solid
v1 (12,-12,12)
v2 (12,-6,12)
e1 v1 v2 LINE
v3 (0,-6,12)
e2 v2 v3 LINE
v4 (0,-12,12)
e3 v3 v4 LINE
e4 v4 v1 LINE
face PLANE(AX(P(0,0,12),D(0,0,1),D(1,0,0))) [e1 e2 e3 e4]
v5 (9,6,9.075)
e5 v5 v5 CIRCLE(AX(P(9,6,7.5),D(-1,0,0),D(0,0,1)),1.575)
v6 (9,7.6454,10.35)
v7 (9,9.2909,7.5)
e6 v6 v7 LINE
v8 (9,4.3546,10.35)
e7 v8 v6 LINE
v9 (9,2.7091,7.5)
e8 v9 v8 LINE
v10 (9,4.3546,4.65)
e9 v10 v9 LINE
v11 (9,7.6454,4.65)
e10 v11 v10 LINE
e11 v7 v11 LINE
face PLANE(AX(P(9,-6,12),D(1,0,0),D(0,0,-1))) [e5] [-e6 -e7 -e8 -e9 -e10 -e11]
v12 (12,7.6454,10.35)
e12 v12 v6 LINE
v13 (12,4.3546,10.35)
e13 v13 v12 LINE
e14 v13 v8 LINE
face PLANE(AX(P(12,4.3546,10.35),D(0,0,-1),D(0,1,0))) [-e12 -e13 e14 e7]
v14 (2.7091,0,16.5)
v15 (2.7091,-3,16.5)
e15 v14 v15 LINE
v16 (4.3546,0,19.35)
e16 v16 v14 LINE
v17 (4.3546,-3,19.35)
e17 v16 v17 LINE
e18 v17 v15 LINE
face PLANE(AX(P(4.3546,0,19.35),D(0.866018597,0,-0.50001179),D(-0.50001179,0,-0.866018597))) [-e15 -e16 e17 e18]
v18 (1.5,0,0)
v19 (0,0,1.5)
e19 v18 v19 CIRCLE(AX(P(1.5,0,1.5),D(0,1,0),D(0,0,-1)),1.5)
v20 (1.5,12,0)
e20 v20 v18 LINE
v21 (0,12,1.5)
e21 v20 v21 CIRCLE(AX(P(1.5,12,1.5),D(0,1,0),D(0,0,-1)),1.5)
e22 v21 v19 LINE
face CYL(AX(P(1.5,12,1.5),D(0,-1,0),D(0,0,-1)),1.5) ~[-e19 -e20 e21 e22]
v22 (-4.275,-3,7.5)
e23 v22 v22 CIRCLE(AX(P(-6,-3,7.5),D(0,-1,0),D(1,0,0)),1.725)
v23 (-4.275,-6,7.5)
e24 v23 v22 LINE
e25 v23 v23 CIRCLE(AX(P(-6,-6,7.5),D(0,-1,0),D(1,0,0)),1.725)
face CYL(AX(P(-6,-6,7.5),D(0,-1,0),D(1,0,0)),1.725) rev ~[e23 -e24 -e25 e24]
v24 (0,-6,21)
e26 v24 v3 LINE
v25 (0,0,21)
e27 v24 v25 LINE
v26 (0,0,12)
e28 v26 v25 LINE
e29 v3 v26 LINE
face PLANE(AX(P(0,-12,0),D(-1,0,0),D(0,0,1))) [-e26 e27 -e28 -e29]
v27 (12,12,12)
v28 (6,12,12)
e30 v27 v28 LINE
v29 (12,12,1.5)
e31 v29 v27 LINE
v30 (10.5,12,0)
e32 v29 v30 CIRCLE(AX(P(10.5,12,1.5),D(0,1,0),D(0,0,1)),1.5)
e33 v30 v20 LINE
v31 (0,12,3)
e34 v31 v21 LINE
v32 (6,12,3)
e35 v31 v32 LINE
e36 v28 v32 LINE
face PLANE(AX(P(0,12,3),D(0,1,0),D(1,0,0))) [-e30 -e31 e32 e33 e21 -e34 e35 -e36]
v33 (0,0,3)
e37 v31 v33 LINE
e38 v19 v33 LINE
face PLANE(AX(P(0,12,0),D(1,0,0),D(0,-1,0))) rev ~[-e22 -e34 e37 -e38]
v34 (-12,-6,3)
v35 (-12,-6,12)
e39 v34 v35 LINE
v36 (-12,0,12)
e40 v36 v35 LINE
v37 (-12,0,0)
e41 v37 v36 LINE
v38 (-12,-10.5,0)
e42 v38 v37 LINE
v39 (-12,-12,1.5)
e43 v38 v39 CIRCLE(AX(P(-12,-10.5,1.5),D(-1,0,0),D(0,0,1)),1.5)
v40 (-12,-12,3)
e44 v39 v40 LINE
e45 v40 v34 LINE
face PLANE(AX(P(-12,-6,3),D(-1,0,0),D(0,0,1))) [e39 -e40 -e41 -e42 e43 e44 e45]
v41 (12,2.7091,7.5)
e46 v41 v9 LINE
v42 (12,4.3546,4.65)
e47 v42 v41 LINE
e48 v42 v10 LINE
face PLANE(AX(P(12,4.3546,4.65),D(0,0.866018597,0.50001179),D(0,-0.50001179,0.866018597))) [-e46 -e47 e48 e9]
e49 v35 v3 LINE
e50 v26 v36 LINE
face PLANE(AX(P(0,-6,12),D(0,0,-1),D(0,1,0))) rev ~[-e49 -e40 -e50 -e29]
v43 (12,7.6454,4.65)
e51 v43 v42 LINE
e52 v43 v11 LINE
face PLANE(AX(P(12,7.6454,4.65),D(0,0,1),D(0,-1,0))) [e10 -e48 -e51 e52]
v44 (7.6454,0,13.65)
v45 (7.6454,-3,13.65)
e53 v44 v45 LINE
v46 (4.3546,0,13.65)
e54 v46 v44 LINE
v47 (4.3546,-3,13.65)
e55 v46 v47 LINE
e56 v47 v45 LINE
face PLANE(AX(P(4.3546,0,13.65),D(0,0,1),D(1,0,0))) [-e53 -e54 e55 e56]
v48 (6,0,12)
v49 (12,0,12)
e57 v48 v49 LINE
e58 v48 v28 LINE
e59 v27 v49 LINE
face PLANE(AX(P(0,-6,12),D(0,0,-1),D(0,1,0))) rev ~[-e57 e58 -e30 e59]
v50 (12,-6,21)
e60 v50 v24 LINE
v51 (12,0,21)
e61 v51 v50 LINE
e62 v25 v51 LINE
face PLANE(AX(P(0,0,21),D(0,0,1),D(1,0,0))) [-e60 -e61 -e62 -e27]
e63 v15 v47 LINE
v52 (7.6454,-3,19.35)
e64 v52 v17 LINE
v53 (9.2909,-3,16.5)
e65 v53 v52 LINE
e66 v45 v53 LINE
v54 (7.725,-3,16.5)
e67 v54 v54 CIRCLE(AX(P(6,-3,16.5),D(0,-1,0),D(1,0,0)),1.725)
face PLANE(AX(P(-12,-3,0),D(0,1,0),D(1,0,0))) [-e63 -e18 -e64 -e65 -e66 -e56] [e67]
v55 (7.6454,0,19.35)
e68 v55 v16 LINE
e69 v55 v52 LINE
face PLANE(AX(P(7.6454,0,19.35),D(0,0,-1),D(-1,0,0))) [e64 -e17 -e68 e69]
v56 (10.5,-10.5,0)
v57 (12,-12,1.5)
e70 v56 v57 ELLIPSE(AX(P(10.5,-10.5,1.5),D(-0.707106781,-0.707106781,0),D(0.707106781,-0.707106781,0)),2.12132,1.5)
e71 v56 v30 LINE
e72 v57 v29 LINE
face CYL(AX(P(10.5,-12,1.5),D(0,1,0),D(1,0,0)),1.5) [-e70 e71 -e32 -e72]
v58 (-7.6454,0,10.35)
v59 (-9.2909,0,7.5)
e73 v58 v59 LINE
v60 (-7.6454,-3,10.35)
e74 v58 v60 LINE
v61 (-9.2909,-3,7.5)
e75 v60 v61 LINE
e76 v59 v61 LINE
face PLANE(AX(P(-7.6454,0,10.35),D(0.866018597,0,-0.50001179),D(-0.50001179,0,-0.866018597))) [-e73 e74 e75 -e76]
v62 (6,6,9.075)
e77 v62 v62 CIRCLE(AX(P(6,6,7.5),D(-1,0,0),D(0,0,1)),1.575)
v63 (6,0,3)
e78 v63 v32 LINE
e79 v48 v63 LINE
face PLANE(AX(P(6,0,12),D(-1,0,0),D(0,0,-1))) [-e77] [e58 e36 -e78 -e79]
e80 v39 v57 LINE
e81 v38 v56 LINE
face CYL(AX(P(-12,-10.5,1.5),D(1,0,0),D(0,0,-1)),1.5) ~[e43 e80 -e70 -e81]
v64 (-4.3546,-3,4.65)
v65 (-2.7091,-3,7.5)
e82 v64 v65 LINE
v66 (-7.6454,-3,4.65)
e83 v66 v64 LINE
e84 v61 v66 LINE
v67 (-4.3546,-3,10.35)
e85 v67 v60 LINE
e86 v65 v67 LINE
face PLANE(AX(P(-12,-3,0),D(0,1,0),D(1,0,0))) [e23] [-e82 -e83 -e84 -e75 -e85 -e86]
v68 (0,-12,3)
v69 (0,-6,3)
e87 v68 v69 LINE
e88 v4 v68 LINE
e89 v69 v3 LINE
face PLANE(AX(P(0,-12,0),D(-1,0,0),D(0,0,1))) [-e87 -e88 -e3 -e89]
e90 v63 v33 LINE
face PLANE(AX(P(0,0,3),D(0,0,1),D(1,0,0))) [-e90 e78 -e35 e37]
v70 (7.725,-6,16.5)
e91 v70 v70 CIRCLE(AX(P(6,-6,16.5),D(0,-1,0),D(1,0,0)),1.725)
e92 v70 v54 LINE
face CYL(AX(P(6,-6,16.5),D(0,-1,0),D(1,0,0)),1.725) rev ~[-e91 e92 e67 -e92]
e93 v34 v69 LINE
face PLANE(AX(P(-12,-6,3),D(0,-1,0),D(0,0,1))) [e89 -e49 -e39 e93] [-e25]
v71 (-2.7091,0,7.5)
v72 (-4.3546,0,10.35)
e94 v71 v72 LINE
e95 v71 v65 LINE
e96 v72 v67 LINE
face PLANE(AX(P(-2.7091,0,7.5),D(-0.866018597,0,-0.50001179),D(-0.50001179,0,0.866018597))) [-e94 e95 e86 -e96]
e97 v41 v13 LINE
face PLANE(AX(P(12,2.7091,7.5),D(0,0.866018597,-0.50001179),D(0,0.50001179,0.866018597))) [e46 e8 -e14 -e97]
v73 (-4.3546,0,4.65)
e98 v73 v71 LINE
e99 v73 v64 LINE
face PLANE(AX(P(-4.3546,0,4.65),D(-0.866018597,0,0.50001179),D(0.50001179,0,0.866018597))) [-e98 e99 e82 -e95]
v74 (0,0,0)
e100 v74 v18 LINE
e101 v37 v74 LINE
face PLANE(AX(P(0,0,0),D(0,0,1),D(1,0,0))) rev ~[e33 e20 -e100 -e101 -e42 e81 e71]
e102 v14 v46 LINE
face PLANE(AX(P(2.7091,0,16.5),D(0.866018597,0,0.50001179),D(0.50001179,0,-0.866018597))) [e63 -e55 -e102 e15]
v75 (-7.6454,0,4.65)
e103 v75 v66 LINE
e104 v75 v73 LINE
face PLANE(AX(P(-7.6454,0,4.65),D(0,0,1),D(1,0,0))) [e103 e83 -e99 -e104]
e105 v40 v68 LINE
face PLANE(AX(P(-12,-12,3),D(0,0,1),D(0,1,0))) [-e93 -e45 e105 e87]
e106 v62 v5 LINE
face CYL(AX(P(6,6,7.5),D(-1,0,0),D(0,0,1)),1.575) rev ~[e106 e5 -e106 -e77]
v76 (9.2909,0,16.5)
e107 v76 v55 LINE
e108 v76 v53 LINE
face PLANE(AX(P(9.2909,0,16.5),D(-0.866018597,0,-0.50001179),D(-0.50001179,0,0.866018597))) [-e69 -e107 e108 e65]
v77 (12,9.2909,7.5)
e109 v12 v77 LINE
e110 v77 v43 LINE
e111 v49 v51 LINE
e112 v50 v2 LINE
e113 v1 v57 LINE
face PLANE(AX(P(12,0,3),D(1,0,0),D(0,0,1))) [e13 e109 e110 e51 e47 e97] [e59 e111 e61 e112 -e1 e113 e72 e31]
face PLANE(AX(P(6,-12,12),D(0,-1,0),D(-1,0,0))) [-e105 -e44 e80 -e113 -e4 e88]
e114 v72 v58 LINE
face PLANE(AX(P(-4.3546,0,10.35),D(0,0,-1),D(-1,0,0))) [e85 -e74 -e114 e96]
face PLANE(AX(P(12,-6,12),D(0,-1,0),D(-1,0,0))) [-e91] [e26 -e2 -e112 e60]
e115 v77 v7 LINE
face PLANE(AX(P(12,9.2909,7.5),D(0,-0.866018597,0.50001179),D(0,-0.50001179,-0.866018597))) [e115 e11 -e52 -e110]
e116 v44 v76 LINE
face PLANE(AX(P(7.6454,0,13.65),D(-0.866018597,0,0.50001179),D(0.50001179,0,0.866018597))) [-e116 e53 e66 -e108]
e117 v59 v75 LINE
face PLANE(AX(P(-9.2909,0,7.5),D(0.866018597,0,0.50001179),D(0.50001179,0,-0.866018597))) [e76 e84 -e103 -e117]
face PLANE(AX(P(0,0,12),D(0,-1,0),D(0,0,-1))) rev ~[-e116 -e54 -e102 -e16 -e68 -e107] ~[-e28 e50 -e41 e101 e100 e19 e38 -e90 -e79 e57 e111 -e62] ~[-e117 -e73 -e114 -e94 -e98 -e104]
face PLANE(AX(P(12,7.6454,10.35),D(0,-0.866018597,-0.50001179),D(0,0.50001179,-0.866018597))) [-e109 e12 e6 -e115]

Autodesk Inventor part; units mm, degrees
ref_plane "YZ Plane" through (0, 0, 0) normal (1, 0, 0) x (0, 1, 0)
ref_plane "XZ Plane" through (0, 0, 0) normal (0, 1, 0) x (-1, 0, 0)
ref_plane "XY Plane" through (0, 0, 0) normal (0, 0, 1) x (1, 0, 0)
sketch "Sketch1" plane through (0, 0, 0) normal (0, 0, 1) x (1, 0, 0)
  line L0 (0, 0) -> (12, 0)
  line L1 (12, 0) -> (12, 12)
  line L2 (12, 12) -> (0, 12)
  line L3 (0, 12) -> (0, 0)
  line L4 (12, 0) -> (0, 0)
  line L5 (0, 0) -> (0, -12)
  line L6 (0, -12) -> (12, -12)
  line L7 (12, -12) -> (12, 0)
  line L8 (12, 0) -> (24, 0)
  line L9 (24, 0) -> (24, -12)
  line L10 (24, -12) -> (12, -12)
  line L11 (12, -12) -> (12, 0)
  line L12 (0, -12) -> (-12, -12)
  line L13 (-12, -12) -> (-12, 0)
  line L14 (-12, 0) -> (0, 0)
  line L15 (0, 0) -> (0, -12)
  line L16 (0, -12) -> (12, -12)
  line L17 (12, -12) -> (12, -24)
  line L18 (12, -24) -> (0, -24)
  line L19 (0, -24) -> (0, -12)
  dimension "d0" = 12
  dimension "d1" = 12
  dimension "d2" = 12
  dimension "d3" = 12
  dimension "d4" = 12
  dimension "d5" = 12
  dimension "d6" = 12
  dimension "d7" = 12
  dimension "d8" = 12
  dimension "d9" = 12
extrude "Extrusion1" add sketch "Sketch1" along normal blind 3
sketch "Sketch2" plane through (0, 0, 3) normal (0, 0, 1) x (1, 0, 0)
  line L0 (-12, 0) -> (-12, -12) projected
  line L1 (-12, -12) -> (-12, -6)
  line L2 (-12, -6) -> (0, -6)
  line L3 (-12, -12) -> (0, -12) projected
  line L4 (0, -6) -> (0, -12)
  line L5 (0, -12) -> (-12, -12)
  line L6 (12, -24) -> (12, -12) projected
  line L7 (12, -12) -> (12, -6)
  line L8 (12, -6) -> (24, -6)
  line L9 (24, -12) -> (24, 0) projected
  line L10 (12, -12) -> (24, -12) projected
  line L11 (24, -6) -> (24, -12)
  line L12 (24, -12) -> (12, -12)
  line L13 (0, 0) -> (0, -6)
  line L14 (12, 0) -> (12, 12) projected
  line L15 (0, 0) -> (12, 0)
  line L16 (12, 0) -> (12, -6)
  line L17 (12, -12) -> (0, -12)
  line L18 (0, 12) -> (0, 0) projected
  line L19 (0, 0) -> (0, 12)
  line L20 (0, 12) -> (6, 12)
  line L21 (12, 12) -> (0, 12) projected
  line L22 (6, 12) -> (6, 0)
  line L23 (6, 0) -> (0, 0)
  line L24 (0, -12) -> (0, -24) projected
  line L25 (0, -12) -> (0, -24)
  line L26 (0, -24) -> (6, -24)
  line L27 (0, -24) -> (12, -24) projected
  line L28 (6, -24) -> (6, -12)
  line L29 (6, -12) -> (0, -12)
  dimension "d12" = 6
  dimension "d13" = 12
extrude "Extrusion2" add sketch "Sketch2" along normal blind 9 contours L2 L4 L3 L0 | L13 L15 L16 L7 L17 L4 | L17 L28 L26 L24 | L18 L20 L22 L15 | L7 L8 L9 L10
sketch "Sketch3" plane through (0, 0, 12) normal (0, 0, 1) x (1, 0, 0)
  line L0 (0, -6) -> (12, -6)
  line L1 (12, -12) -> (6, -12) projected
  line L2 (12, -6) -> (12, -12)
  line L3 (0, -12) -> (0, -24) projected
  line L4 (12, -12) -> (0, -12)
  line L5 (0, -12) -> (0, -6)
  point P0 (0, 0)
extrude "Extrusion3" add sketch "Sketch3" along normal blind 9
sketch "Sketch4" plane through (6, -12, 3) normal (0, -1, 0) x (1, 0, 0)
  point P0 (-6, -3)
sketch "Sketch5" plane through (-12, -6, 3) normal (0, 1, 0) x (1, 0, 0)
  circle A0 centre (6, -4.5) radius 1.725
  line L0 (0, 0) -> (0, -9) projected
  line L1 (12, -9) -> (0, -9) projected
  circle A1 centre (18, -13.5) radius 1.725
  line L2 (24, -18) -> (12, -18) projected
  line L3 (24, -9) -> (24, -18) projected
  circle A2 centre (30, -4.5) radius 1.725
  line L4 (36, 0) -> (36, -9) projected
  line L5 (36, -9) -> (24, -9) projected
  point P0 (12, 3)
  dimension "d19" = 3.45
  dimension "d20" = 6
  dimension "d21" = 4.5
  dimension "d22" = 3.45
  dimension "d23" = 4.5
  dimension "d24" = 6
  dimension "d25" = 3.45
  dimension "d26" = 6
  dimension "d27" = 4.5
extrude "Extrusion4" cut sketch "Sketch5" against normal blind 3
sketch "Sketch6" plane through (6, -12, 3) normal (0, -1, 0) x (1, 0, 0)
  circle A0 centre (-12, 4.5) radius 1.725 projected
  line L0 (-10.3546, 7.35) -> (-8.7091, 4.5)
  line L1 (-8.7091, 4.5) -> (-10.3546, 1.65)
  line L2 (-10.3546, 1.65) -> (-13.6454, 1.65)
  line L3 (-13.6454, 1.65) -> (-15.2909, 4.5)
  line L4 (-15.2909, 4.5) -> (-13.6454, 7.35)
  line L5 (-13.6454, 7.35) -> (-10.3546, 7.35)
  circle A1 centre (12, 4.5) radius 1.725 projected
  line L6 (13.6454, 7.35) -> (15.2909, 4.5)
  line L7 (15.2909, 4.5) -> (13.6454, 1.65)
  line L8 (13.6454, 1.65) -> (10.3546, 1.65)
  line L9 (10.3546, 1.65) -> (8.7091, 4.5)
  line L10 (8.7091, 4.5) -> (10.3546, 7.35)
  line L11 (10.3546, 7.35) -> (13.6454, 7.35)
  circle A2 centre (0, 13.5) radius 1.725 projected
  line L12 (1.6454, 16.35) -> (3.2909, 13.5)
  line L13 (3.2909, 13.5) -> (1.6454, 10.65)
  line L14 (1.6454, 10.65) -> (-1.6454, 10.65)
  line L15 (-1.6454, 10.65) -> (-3.2909, 13.5)
  line L16 (-3.2909, 13.5) -> (-1.6454, 16.35)
  line L17 (-1.6454, 16.35) -> (1.6454, 16.35)
  point P0 (-6, -3)
  dimension "d30" = 2.85
  dimension "d31" = 2.85
  dimension "d32" = 2.85
extrude "Extrusion5" cut sketch "Sketch6" against normal blind 3 contours A0 | L0 L1 L2 L3 L4 L5 | A1 | L6 L7 L8 L9 L10 L11 | A2 | L12 L13 L14 L15 L16 L17
sketch "Sketch7" plane through (6, 0, 3) normal (1, 0, 0) x (0, 0, -1)
  circle A0 centre (-4.5, 6) radius 1.725
  circle A1 centre (-4.5, -18) radius 1.725
  line L0 (-9, 0) -> (-9, 12) projected
  line L1 (-9, -24) -> (-9, -12) projected
  line L2 (0, -24) -> (-9, -24) projected
  line L3 (0, 12) -> (-9, 12) projected
  point P0 (3, 0)
  dimension "d35" = 3.45
  dimension "d36" = 3.45
  dimension "d37" = 4.5
  dimension "d38" = 4.5
  dimension "d39" = 6
  dimension "d40" = 6
extrude "Extrusion6" cut sketch "Sketch7" against normal blind 3
sketch "Sketch8" plane through (0, -6, 3) normal (-1, 0, 0) x (0, 0, 1)
  circle A0 centre (4.5, 12) radius 1.725 projected
  line L0 (1.65, 13.6454) -> (4.5, 15.2909)
  line L1 (4.5, 15.2909) -> (7.35, 13.6454)
  line L2 (7.35, 13.6454) -> (7.35, 10.3546)
  line L3 (7.35, 10.3546) -> (4.5, 8.7091)
  line L4 (4.5, 8.7091) -> (1.65, 10.3546)
  line L5 (1.65, 10.3546) -> (1.65, 13.6454)
  circle A1 centre (4.5, -12) radius 1.725 projected
  line L6 (1.65, -10.3546) -> (4.5, -8.7091)
  line L7 (4.5, -8.7091) -> (7.35, -10.3546)
  line L8 (7.35, -10.3546) -> (7.35, -13.6454)
  line L9 (7.35, -13.6454) -> (4.5, -15.2909)
  line L10 (4.5, -15.2909) -> (1.65, -13.6454)
  line L11 (1.65, -13.6454) -> (1.65, -10.3546)
  point P0 (-3, 6)
  dimension "d43" = 2.85
  dimension "d44" = 2.85
extrude "Extrusion7" cut sketch "Sketch8" against normal blind 3 contours A0 | L0 L1 L2 L3 L4 L5 | A1 | L6 L7 L8 L9 L10 L11
sketch "Sketch9" plane through (0, 0, 0) normal (0, 0, -1) x (-1, 0, 0)
  line L0 (-24, -12) -> (-24, 0) projected
  line L1 (-12, -12) -> (-12, -6) projected
  line L2 (-24, 0) -> (-12, 0)
  line L3 (-12, 0) -> (-12, -12)
  line L4 (-12, -12) -> (-24, -12)
  line L5 (-24, -12) -> (-24, 0)
  line L6 (-12, -12) -> (0, -12)
  line L7 (0, -12) -> (0, -24)
  line L8 (0, -24) -> (-12, -24)
  line L9 (-12, -24) -> (-12, -12)
  point P0 (0, 0)
extrude "Extrusion8" cut sketch "Sketch9" against normal through all
sketch "Sketch10" plane through (0, 12, 12) normal (0, 1, 0) x (1, 0, 0)
  line L0 (6, 0) -> (0, 0) projected
  line L1 (12, 9) -> (6, 9) projected
  line L2 (0, 0) -> (6, 0)
  line L3 (6, 0) -> (6, 9)
  line L4 (6, 9) -> (0, 9)
  line L5 (0, 9) -> (0, 0)
  point P0 (0, 12)
extrude "Extrusion9" cut sketch "Sketch10" against normal blind 12
sketch "Sketch11" plane through (0, 0, 3) normal (0, 1, 0) x (1, 0, 0)
  line L0 (12, 0) -> (12, -9) projected
  line L1 (12, 0) -> (0, 0) projected
  line L2 (12, -9) -> (6, -9)
  line L3 (6, -9) -> (6, 0)
  line L4 (6, 0) -> (12, 0)
  line L5 (12, 0) -> (12, -9)
  point P0 (0, 3)
extrude "Extrusion10" add sketch "Sketch11" along normal blind 12
sketch "Sketch12" plane through (6, 0, 3) normal (-1, 0, 0) x (0, 0, 1)
  circle A0 centre (4.5, 6) radius 1.575
  line L0 (9, 0) -> (9, 12) projected
  line L1 (0, 12) -> (9, 12) projected
  point P0 (-3, 0)
  dimension "d54" = 3.15
  dimension "d55" = 4.5
  dimension "d56" = 6
extrude "Extrusion11" cut sketch "Sketch12" against normal blind 3
sketch "Sketch13" plane through (12, -6, 12) normal (1, 0, 0) x (0, 0, -1)
  circle A0 centre (4.5, 12) radius 1.575 projected
  line L0 (1.65, 13.6454) -> (4.5, 15.2909)
  line L1 (4.5, 15.2909) -> (7.35, 13.6454)
  line L2 (7.35, 13.6454) -> (7.35, 10.3546)
  line L3 (7.35, 10.3546) -> (4.5, 8.7091)
  line L4 (4.5, 8.7091) -> (1.65, 10.3546)
  line L5 (1.65, 10.3546) -> (1.65, 13.6454)
  point P0 (12, 6)
  dimension "d59" = 5.7
extrude "Extrusion12" cut sketch "Sketch13" against normal blind 3 contours A0 | L0 L1 L2 L3 L4 L5
sketch "Sketch14" plane through (0, -6, 3) normal (-1, 0, 0) x (0, 0, 1)
  line L0 (9, 6) -> (0, 6) projected
  line L1 (0, 6) -> (0, 0) projected
  line L2 (9, 6) -> (0, 6)
  line L3 (0, 6) -> (0, 0)
  line L4 (0, 0) -> (9, 0)
  line L5 (9, 0) -> (9, 6)
  point P0 (-3, 6)
extrude "Extrusion13" add sketch "Sketch14" along normal blind 12
sketch "Sketch15" plane through (-12, -12, 0) normal (-1, 0, 0) x (0, 0, 1)
  line L0 (12, 0) -> (12, 6) projected
  line L1 (12, 0) -> (3, 0)
  line L2 (3, 0) -> (3, 6)
  line L3 (3, 6) -> (12, 6)
  line L4 (12, 6) -> (12, 0)
  point P0 (0, 12)
  dimension "d64" = 9
  dimension "d65" = 6
extrude "Extrusion14" cut sketch "Sketch15" against normal blind 12
sketch "Sketch16" plane through (-12, -6, 12) normal (0, -1, 0) x (1, 0, 0)
  circle A0 centre (6, -4.5) radius 1.725
  line L0 (0, -9) -> (0, 0) projected
  line L1 (0, 0) -> (12, 0) projected
  point P0 (12, -12)
  dimension "d68" = 3.45
  dimension "d69" = 6
  dimension "d70" = 4.5
extrude "Extrusion15" cut sketch "Sketch16" against normal blind 3
sketch "Sketch17" plane through (-12, 0, 0) normal (0, 1, 0) x (1, 0, 0)
  circle A0 centre (6, -7.5) radius 1.725 projected
  line L0 (4.3546, -10.35) -> (2.7091, -7.5)
  line L1 (2.7091, -7.5) -> (4.3546, -4.65)
  line L2 (4.3546, -4.65) -> (7.6454, -4.65)
  line L3 (7.6454, -4.65) -> (9.2909, -7.5)
  line L4 (9.2909, -7.5) -> (7.6454, -10.35)
  line L5 (7.6454, -10.35) -> (4.3546, -10.35)
  point P0 (12, 0)
  dimension "d73" = 5.7
extrude "Extrusion16" cut sketch "Sketch17" against normal blind 3 contours A0 | L0 L1 L2 L3 L4 L5
sketch "Sketch18" plane through (0, 0, 12) normal (0, 0, 1) x (1, 0, 0)
  line L0 (12, -6) -> (12, 12) projected
  line L1 (0, 0) -> (12, 0)
  line L2 (12, 0) -> (12, -6)
  line L3 (12, -6) -> (0, -6)
  line L4 (0, -6) -> (0, 0)
extrude "Extrusion17" add sketch "Sketch18" along normal blind 9
sketch "Sketch19" plane through (0, 0, 21) normal (0, 0, 1) x (1, 0, 0)
  line L0 (0, -12) -> (12, -12) projected
  line L1 (12, -12) -> (12, 0) projected
  line L2 (0, -12) -> (12, -12)
  line L3 (12, -12) -> (12, -6)
  line L4 (12, -6) -> (0, -6)
  line L5 (0, -6) -> (0, -12)
  point P0 (0, 0)
extrude "Extrusion18" cut sketch "Sketch19" against normal blind 9
sketch "Sketch20" plane through (0, -6, 21) normal (0, -1, 0) x (1, 0, 0)
  circle A0 centre (6, -4.5) radius 1.725
  line L0 (0, 0) -> (12, 0) projected
  line L1 (0, -9) -> (0, 0) projected
  point P0 (0, -21)
  dimension "d80" = 3.45
  dimension "d81" = 4.5
  dimension "d82" = 6
extrude "Extrusion19" cut sketch "Sketch20" against normal blind 3
sketch "Sketch21" plane through (-12, 0, 0) normal (0, 1, 0) x (1, 0, 0)
  circle A0 centre (18, -16.5) radius 1.725 projected
  line L0 (16.3546, -19.35) -> (14.7091, -16.5)
  line L1 (14.7091, -16.5) -> (16.3546, -13.65)
  line L2 (16.3546, -13.65) -> (19.6454, -13.65)
  line L3 (19.6454, -13.65) -> (21.2909, -16.5)
  line L4 (21.2909, -16.5) -> (19.6454, -19.35)
  line L5 (19.6454, -19.35) -> (16.3546, -19.35)
  point P0 (12, 0)
  dimension "d85" = 5.7
extrude "Extrusion20" cut sketch "Sketch21" against normal blind 3 contours A0 | L0 L1 L2 L3 L4 L5
fillet "Fillet3" radius 1.5 3 edges at (0, -12, 0) (12, 0, 0) (0, 6, 0)
properties part number "topCornSW"
